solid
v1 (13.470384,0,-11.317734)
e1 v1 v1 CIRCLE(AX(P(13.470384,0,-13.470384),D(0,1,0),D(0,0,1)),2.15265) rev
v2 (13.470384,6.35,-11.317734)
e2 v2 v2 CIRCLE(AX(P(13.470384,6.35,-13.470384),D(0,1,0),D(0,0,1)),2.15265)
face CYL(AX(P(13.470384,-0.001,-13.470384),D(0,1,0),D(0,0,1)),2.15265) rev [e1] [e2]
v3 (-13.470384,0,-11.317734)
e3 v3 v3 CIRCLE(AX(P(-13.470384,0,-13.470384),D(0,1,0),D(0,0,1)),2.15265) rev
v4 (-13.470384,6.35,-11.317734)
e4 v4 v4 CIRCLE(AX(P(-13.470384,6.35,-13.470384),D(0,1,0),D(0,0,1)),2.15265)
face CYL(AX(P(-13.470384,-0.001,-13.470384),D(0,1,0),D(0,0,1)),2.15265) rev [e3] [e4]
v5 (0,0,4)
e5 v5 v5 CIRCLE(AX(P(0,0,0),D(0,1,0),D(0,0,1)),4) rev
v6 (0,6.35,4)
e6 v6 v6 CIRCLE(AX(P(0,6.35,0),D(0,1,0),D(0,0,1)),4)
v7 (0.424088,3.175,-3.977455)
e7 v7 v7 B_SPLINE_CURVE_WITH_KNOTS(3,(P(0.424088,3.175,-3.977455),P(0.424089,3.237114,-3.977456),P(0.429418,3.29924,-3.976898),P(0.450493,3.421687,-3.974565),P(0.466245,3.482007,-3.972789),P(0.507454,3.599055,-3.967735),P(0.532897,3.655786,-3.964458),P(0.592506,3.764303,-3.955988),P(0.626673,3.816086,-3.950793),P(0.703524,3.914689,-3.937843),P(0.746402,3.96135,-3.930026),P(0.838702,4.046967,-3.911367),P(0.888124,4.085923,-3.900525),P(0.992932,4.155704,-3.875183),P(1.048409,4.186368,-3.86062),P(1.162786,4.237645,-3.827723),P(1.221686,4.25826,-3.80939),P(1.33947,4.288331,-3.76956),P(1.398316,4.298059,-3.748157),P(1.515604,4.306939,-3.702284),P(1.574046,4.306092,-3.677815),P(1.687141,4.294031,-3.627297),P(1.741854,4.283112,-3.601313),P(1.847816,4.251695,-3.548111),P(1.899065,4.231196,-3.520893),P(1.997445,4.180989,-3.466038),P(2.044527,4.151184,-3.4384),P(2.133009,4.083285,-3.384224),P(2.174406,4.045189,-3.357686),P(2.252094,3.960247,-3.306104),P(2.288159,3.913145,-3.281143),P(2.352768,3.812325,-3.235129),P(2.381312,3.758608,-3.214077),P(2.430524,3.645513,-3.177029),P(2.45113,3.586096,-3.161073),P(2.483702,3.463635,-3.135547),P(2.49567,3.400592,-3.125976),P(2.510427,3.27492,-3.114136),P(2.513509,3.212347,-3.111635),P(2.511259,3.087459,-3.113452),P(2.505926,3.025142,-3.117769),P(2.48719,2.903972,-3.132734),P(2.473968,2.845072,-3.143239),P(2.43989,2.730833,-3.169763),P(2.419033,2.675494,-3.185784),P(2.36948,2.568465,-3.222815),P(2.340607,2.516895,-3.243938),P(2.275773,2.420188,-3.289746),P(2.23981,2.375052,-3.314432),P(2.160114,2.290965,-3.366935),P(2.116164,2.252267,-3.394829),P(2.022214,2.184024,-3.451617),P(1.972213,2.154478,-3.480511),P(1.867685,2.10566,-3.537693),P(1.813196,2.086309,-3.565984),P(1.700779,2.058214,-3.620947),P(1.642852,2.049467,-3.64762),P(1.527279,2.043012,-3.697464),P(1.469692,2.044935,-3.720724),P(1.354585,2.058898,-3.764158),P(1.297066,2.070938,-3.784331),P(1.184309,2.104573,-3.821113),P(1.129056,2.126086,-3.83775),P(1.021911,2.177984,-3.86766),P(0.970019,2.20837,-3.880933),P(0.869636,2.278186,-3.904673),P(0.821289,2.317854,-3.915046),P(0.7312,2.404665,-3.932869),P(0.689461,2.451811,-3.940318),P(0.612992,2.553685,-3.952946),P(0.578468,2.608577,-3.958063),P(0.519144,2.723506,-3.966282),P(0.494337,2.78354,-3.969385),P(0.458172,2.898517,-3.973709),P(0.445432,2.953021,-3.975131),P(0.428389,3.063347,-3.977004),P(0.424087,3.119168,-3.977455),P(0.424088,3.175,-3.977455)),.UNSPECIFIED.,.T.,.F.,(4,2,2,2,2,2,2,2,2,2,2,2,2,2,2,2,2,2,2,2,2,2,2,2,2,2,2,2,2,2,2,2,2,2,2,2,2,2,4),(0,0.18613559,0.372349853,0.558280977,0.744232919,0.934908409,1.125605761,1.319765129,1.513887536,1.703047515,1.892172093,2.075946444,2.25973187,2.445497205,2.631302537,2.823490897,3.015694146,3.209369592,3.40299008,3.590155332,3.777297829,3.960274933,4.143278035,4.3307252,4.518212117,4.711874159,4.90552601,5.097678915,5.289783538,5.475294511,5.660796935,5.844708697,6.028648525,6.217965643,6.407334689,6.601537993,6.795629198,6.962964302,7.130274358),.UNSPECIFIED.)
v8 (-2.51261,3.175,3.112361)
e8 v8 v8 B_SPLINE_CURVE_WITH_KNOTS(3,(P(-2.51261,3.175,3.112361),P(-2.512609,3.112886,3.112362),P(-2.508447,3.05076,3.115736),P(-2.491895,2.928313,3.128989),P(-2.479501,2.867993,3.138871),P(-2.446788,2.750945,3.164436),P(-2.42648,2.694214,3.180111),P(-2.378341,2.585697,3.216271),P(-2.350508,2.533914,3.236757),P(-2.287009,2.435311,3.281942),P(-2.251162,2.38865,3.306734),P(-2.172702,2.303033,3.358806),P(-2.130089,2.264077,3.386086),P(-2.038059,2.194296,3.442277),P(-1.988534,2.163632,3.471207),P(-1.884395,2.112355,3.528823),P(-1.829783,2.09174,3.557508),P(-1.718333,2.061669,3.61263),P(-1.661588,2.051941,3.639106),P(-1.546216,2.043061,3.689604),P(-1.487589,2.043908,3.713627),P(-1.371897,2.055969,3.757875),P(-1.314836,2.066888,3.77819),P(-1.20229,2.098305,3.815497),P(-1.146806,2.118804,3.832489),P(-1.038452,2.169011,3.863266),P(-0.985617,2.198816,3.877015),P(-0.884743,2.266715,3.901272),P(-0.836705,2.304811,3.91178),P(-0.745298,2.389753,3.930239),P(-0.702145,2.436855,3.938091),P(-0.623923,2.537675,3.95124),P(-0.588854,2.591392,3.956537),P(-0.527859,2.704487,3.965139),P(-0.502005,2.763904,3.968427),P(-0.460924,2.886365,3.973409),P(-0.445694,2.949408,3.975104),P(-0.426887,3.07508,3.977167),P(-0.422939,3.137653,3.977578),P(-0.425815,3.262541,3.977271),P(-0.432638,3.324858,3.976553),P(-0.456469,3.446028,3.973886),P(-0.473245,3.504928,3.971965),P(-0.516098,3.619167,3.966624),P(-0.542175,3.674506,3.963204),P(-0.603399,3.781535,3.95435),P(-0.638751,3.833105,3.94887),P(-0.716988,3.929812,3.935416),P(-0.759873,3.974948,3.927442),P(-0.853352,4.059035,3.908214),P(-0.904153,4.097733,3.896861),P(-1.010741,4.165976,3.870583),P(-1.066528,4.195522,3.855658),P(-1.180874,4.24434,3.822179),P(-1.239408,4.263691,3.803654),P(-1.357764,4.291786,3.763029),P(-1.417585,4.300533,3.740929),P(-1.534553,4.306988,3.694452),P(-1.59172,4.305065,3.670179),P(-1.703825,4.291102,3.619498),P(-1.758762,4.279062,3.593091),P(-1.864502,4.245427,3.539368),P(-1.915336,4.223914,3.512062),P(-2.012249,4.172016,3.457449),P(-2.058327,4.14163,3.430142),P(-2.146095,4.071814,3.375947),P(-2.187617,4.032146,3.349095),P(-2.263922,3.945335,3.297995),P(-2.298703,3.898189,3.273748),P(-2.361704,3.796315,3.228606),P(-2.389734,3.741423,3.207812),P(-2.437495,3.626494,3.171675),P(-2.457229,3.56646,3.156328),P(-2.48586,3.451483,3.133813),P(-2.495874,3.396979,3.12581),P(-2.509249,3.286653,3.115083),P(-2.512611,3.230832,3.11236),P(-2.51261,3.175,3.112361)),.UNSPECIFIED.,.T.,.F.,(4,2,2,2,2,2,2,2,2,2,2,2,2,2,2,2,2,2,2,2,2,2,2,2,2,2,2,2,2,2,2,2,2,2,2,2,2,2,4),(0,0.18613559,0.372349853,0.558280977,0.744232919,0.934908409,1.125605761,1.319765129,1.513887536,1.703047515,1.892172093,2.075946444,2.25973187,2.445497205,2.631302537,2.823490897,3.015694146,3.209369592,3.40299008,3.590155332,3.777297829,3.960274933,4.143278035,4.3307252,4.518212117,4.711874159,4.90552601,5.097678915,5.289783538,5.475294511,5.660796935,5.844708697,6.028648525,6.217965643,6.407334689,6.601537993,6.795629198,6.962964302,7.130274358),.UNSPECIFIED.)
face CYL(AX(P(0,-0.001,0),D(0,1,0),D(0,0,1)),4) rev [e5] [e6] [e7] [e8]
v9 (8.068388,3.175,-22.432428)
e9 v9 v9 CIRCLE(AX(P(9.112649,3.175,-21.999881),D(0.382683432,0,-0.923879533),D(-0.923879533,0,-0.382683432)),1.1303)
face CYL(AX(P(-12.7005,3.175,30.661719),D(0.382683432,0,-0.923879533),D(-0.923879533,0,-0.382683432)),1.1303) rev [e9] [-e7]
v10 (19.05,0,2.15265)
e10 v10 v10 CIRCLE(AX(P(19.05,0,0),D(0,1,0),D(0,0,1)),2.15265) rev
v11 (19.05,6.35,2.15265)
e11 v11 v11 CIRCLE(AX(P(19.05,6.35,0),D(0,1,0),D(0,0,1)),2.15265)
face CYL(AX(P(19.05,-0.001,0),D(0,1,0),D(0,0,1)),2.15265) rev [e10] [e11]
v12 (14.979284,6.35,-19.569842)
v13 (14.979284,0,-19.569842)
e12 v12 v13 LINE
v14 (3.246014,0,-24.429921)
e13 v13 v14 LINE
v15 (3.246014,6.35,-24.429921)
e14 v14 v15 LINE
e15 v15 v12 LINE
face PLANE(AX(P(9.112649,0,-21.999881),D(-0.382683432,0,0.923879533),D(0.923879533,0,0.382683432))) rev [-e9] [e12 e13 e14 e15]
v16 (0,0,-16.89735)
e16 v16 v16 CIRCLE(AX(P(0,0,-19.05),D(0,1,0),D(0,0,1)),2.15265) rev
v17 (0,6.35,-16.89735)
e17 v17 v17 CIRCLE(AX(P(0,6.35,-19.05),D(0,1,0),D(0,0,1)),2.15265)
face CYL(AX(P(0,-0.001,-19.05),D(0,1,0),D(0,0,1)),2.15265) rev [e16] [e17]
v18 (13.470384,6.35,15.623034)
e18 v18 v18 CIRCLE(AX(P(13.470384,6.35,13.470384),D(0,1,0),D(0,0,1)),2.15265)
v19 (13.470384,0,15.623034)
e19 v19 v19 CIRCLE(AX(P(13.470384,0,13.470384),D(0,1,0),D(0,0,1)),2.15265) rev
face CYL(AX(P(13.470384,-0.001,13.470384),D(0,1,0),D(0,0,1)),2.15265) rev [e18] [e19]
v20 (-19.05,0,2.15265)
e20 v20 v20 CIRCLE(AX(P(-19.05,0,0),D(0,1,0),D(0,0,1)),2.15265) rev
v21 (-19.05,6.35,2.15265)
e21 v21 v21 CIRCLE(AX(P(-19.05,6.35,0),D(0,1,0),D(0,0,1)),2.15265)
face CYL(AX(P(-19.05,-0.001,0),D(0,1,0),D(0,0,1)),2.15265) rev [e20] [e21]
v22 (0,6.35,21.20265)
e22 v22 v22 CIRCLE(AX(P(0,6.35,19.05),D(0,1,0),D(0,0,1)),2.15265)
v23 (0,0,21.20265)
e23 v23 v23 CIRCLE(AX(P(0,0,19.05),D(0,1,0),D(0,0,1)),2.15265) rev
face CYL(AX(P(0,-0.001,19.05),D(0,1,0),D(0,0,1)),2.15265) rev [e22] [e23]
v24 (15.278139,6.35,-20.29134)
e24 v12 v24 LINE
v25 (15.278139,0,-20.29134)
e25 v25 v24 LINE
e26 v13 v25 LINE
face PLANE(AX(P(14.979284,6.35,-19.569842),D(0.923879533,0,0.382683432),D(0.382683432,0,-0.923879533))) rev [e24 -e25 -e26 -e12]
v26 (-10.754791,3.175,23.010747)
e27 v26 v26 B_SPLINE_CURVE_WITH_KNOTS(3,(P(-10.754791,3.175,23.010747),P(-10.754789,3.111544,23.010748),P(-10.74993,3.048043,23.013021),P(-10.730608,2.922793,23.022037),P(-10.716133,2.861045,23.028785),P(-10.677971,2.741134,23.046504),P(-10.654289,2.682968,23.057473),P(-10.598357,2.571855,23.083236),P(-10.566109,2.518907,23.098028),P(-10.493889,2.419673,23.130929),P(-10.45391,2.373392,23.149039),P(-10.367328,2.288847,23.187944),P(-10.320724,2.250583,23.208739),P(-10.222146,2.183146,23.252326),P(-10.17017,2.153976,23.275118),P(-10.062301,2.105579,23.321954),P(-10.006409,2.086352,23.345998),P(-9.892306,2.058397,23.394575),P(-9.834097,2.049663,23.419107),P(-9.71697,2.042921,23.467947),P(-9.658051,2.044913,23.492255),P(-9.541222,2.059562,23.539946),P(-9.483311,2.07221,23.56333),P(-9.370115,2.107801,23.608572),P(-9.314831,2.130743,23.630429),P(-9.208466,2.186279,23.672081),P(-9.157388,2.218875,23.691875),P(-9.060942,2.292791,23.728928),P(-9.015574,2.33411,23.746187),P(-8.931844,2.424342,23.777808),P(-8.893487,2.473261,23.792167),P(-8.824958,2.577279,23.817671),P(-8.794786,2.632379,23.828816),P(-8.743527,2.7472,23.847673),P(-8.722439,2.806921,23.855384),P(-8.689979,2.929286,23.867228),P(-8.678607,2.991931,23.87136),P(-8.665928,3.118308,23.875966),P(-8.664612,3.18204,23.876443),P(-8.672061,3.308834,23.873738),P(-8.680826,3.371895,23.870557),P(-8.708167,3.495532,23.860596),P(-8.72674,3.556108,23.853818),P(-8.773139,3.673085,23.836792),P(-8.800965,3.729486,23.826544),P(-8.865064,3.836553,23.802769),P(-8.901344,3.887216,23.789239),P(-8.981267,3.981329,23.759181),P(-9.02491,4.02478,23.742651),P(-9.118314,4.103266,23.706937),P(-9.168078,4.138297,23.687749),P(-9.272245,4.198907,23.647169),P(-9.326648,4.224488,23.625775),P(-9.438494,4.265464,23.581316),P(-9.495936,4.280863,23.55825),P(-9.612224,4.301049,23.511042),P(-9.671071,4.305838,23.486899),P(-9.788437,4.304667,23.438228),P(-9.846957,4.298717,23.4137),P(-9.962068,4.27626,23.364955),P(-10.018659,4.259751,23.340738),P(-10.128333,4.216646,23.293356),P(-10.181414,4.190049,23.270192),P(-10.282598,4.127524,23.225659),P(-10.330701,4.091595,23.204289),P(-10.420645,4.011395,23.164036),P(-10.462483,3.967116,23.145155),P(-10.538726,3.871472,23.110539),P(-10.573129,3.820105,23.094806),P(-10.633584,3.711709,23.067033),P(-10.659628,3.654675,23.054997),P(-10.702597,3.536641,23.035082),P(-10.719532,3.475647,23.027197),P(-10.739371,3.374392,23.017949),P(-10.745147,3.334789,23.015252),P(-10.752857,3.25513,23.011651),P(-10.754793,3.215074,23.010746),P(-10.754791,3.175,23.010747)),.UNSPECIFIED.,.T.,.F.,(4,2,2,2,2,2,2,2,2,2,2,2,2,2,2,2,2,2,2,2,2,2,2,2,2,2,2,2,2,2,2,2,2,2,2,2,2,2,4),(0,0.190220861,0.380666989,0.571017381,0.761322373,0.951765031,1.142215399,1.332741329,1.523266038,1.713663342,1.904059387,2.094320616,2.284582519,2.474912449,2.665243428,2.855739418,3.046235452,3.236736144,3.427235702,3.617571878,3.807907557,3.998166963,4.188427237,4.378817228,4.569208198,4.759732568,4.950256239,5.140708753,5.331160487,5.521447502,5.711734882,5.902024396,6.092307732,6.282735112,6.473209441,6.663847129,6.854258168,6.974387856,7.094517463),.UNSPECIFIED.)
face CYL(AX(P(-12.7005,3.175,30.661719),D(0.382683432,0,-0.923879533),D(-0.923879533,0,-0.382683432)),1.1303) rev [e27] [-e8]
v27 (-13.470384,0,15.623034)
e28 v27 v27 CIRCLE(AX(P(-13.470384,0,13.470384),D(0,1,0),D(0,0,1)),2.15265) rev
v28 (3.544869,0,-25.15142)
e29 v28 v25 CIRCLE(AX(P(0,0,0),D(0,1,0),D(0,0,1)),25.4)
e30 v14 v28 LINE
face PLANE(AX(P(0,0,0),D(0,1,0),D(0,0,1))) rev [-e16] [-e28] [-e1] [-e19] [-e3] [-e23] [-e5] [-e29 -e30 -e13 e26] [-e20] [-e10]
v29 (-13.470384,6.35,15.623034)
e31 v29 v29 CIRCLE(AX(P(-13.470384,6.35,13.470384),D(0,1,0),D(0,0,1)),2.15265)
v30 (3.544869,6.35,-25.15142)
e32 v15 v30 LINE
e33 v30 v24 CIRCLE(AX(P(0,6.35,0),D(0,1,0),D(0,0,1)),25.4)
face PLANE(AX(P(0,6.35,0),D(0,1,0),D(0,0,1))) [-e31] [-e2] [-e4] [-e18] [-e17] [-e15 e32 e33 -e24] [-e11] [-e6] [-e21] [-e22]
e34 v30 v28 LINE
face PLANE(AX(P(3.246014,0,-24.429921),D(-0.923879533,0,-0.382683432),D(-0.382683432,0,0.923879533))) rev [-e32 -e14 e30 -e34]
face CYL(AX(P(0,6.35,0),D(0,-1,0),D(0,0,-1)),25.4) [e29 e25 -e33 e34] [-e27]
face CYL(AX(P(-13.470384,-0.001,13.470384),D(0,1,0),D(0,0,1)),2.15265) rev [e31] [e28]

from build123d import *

# Parameters (mm, degrees)
SKETCH1_R              = 25.4
BOSS_EXTRUDE1_DEPTH    = 6.35
CUT_EXTRUDE2_REACH     = 8.35
SKETCH3_R              = 2.15265
SKETCH5_W              = 12.7
SKETCH5_H              = 6.35
CUT_EXTRUDE3_DEPTH     = 1.5875
F_4_40TAPPEDHOLE_REACH = 58.999
SKETCH6_R              = 1.1303
CUT_EXTRUDE5_REACH     = 8.35
SKETCH8_R              = 4


with BuildPart() as part:
    # Sketch1 → Boss-Extrude1 (new body)
    with BuildSketch(Plane(origin=(0, 0, 0), x_dir=(1, 0, 0), z_dir=(0, 1, 0))):
        Circle(SKETCH1_R)
    extrude(amount=BOSS_EXTRUDE1_DEPTH)

    # Sketch3 → Cut-Extrude2 (cut, up to next)
    with BuildSketch(Plane(origin=(0, 6.35, 0), x_dir=(1, 0, 0), z_dir=(0, 1, 0)), mode=Mode.PRIVATE) as cut_extrude2_sk1:
        with Locations((-13.470384182, 13.470384182)):
            Circle(SKETCH3_R)
    cut_extrude2_tool1 = extrude(cut_extrude2_sk1.sketch, amount=-CUT_EXTRUDE2_REACH, mode=Mode.PRIVATE) & part.part
    add(cut_extrude2_tool1.solids().sort_by_distance((-13.470384, 6.35, -13.470384))[0], mode=Mode.SUBTRACT)
    # Sketch3 → Cut-Extrude2 (cut, up to next)
    with BuildSketch(Plane(origin=(0, 6.35, 0), x_dir=(1, 0, 0), z_dir=(0, 1, 0)), mode=Mode.PRIVATE) as cut_extrude2_sk2:
        with Locations((0, 19.05)):
            Circle(SKETCH3_R)
    cut_extrude2_tool2 = extrude(cut_extrude2_sk2.sketch, amount=-CUT_EXTRUDE2_REACH, mode=Mode.PRIVATE) & part.part
    add(cut_extrude2_tool2.solids().sort_by_distance((0, 6.35, -19.05))[0], mode=Mode.SUBTRACT)
    # Sketch3 → Cut-Extrude2 (cut, up to next)
    with BuildSketch(Plane(origin=(0, 6.35, 0), x_dir=(1, 0, 0), z_dir=(0, 1, 0)), mode=Mode.PRIVATE) as cut_extrude2_sk3:
        with Locations((13.470384182, 13.470384182)):
            Circle(SKETCH3_R)
    cut_extrude2_tool3 = extrude(cut_extrude2_sk3.sketch, amount=-CUT_EXTRUDE2_REACH, mode=Mode.PRIVATE) & part.part
    add(cut_extrude2_tool3.solids().sort_by_distance((13.470384, 6.35, -13.470384))[0], mode=Mode.SUBTRACT)
    # Sketch3 → Cut-Extrude2 (cut, up to next)
    with BuildSketch(Plane(origin=(0, 6.35, 0), x_dir=(1, 0, 0), z_dir=(0, 1, 0)), mode=Mode.PRIVATE) as cut_extrude2_sk4:
        with Locations((19.05, 0)):
            Circle(SKETCH3_R)
    cut_extrude2_tool4 = extrude(cut_extrude2_sk4.sketch, amount=-CUT_EXTRUDE2_REACH, mode=Mode.PRIVATE) & part.part
    add(cut_extrude2_tool4.solids().sort_by_distance((19.05, 6.35, 0))[0], mode=Mode.SUBTRACT)
    # Sketch3 → Cut-Extrude2 (cut, up to next)
    with BuildSketch(Plane(origin=(0, 6.35, 0), x_dir=(1, 0, 0), z_dir=(0, 1, 0)), mode=Mode.PRIVATE) as cut_extrude2_sk5:
        with Locations((13.470384182, -13.470384182)):
            Circle(SKETCH3_R)
    cut_extrude2_tool5 = extrude(cut_extrude2_sk5.sketch, amount=-CUT_EXTRUDE2_REACH, mode=Mode.PRIVATE) & part.part
    add(cut_extrude2_tool5.solids().sort_by_distance((13.470384, 6.35, 13.470384))[0], mode=Mode.SUBTRACT)
    # Sketch3 → Cut-Extrude2 (cut, up to next)
    with BuildSketch(Plane(origin=(0, 6.35, 0), x_dir=(1, 0, 0), z_dir=(0, 1, 0)), mode=Mode.PRIVATE) as cut_extrude2_sk6:
        with Locations((0, -19.05)):
            Circle(SKETCH3_R)
    cut_extrude2_tool6 = extrude(cut_extrude2_sk6.sketch, amount=-CUT_EXTRUDE2_REACH, mode=Mode.PRIVATE) & part.part
    add(cut_extrude2_tool6.solids().sort_by_distance((0, 6.35, 19.05))[0], mode=Mode.SUBTRACT)
    # Sketch3 → Cut-Extrude2 (cut, up to next)
    with BuildSketch(Plane(origin=(0, 6.35, 0), x_dir=(1, 0, 0), z_dir=(0, 1, 0)), mode=Mode.PRIVATE) as cut_extrude2_sk7:
        with Locations((-13.470384182, -13.470384182)):
            Circle(SKETCH3_R)
    cut_extrude2_tool7 = extrude(cut_extrude2_sk7.sketch, amount=-CUT_EXTRUDE2_REACH, mode=Mode.PRIVATE) & part.part
    add(cut_extrude2_tool7.solids().sort_by_distance((-13.470384, 6.35, 13.470384))[0], mode=Mode.SUBTRACT)
    # Sketch3 → Cut-Extrude2 (cut, up to next)
    with BuildSketch(Plane(origin=(0, 6.35, 0), x_dir=(1, 0, 0), z_dir=(0, 1, 0)), mode=Mode.PRIVATE) as cut_extrude2_sk8:
        with Locations((-19.05, 0)):
            Circle(SKETCH3_R)
    cut_extrude2_tool8 = extrude(cut_extrude2_sk8.sketch, amount=-CUT_EXTRUDE2_REACH, mode=Mode.PRIVATE) & part.part
    add(cut_extrude2_tool8.solids().sort_by_distance((-19.05, 6.35, 0))[0], mode=Mode.SUBTRACT)

    # Sketch5 → Cut-Extrude3 (cut)
    with BuildSketch(Plane(origin=(9.720159182, 0, -23.466540126), x_dir=(-0.923879533, 0, -0.382683432), z_dir=(0.382683432, 0, -0.923879533))):
        with Locations((0, 3.175)):
            Rectangle(SKETCH5_W, SKETCH5_H)
    extrude(amount=-CUT_EXTRUDE3_DEPTH, mode=Mode.SUBTRACT)

    # Sketch6 → 4-40TappedHole (cut, up to next)
    with BuildSketch(Plane(origin=(9.112649233, 0, -21.999881368), x_dir=(-0.923879533, 0, -0.382683432), z_dir=(0.382683432, 0, -0.923879533)), mode=Mode.PRIVATE) as f_4_40tappedhole_sk1:
        with Locations((0, 3.175)):
            Circle(SKETCH6_R)
    f_4_40tappedhole_tool1 = extrude(f_4_40tappedhole_sk1.sketch, amount=-F_4_40TAPPEDHOLE_REACH, mode=Mode.PRIVATE) & part.part
    add(f_4_40tappedhole_tool1.solids().sort_by_distance((9.112649, 3.175, -21.999881))[0], mode=Mode.SUBTRACT)

    # Sketch8 → Cut-Extrude5 (cut, up to next)
    with BuildSketch(Plane(origin=(0, 6.35, 0), x_dir=(1, 0, 0), z_dir=(0, 1, 0)), mode=Mode.PRIVATE) as cut_extrude5_sk1:
        Circle(SKETCH8_R)
    cut_extrude5_tool1 = extrude(cut_extrude5_sk1.sketch, amount=-CUT_EXTRUDE5_REACH, mode=Mode.PRIVATE) & part.part
    add(cut_extrude5_tool1.solids().sort_by_distance((0, 6.35, 0))[0], mode=Mode.SUBTRACT)


solid = part.part
